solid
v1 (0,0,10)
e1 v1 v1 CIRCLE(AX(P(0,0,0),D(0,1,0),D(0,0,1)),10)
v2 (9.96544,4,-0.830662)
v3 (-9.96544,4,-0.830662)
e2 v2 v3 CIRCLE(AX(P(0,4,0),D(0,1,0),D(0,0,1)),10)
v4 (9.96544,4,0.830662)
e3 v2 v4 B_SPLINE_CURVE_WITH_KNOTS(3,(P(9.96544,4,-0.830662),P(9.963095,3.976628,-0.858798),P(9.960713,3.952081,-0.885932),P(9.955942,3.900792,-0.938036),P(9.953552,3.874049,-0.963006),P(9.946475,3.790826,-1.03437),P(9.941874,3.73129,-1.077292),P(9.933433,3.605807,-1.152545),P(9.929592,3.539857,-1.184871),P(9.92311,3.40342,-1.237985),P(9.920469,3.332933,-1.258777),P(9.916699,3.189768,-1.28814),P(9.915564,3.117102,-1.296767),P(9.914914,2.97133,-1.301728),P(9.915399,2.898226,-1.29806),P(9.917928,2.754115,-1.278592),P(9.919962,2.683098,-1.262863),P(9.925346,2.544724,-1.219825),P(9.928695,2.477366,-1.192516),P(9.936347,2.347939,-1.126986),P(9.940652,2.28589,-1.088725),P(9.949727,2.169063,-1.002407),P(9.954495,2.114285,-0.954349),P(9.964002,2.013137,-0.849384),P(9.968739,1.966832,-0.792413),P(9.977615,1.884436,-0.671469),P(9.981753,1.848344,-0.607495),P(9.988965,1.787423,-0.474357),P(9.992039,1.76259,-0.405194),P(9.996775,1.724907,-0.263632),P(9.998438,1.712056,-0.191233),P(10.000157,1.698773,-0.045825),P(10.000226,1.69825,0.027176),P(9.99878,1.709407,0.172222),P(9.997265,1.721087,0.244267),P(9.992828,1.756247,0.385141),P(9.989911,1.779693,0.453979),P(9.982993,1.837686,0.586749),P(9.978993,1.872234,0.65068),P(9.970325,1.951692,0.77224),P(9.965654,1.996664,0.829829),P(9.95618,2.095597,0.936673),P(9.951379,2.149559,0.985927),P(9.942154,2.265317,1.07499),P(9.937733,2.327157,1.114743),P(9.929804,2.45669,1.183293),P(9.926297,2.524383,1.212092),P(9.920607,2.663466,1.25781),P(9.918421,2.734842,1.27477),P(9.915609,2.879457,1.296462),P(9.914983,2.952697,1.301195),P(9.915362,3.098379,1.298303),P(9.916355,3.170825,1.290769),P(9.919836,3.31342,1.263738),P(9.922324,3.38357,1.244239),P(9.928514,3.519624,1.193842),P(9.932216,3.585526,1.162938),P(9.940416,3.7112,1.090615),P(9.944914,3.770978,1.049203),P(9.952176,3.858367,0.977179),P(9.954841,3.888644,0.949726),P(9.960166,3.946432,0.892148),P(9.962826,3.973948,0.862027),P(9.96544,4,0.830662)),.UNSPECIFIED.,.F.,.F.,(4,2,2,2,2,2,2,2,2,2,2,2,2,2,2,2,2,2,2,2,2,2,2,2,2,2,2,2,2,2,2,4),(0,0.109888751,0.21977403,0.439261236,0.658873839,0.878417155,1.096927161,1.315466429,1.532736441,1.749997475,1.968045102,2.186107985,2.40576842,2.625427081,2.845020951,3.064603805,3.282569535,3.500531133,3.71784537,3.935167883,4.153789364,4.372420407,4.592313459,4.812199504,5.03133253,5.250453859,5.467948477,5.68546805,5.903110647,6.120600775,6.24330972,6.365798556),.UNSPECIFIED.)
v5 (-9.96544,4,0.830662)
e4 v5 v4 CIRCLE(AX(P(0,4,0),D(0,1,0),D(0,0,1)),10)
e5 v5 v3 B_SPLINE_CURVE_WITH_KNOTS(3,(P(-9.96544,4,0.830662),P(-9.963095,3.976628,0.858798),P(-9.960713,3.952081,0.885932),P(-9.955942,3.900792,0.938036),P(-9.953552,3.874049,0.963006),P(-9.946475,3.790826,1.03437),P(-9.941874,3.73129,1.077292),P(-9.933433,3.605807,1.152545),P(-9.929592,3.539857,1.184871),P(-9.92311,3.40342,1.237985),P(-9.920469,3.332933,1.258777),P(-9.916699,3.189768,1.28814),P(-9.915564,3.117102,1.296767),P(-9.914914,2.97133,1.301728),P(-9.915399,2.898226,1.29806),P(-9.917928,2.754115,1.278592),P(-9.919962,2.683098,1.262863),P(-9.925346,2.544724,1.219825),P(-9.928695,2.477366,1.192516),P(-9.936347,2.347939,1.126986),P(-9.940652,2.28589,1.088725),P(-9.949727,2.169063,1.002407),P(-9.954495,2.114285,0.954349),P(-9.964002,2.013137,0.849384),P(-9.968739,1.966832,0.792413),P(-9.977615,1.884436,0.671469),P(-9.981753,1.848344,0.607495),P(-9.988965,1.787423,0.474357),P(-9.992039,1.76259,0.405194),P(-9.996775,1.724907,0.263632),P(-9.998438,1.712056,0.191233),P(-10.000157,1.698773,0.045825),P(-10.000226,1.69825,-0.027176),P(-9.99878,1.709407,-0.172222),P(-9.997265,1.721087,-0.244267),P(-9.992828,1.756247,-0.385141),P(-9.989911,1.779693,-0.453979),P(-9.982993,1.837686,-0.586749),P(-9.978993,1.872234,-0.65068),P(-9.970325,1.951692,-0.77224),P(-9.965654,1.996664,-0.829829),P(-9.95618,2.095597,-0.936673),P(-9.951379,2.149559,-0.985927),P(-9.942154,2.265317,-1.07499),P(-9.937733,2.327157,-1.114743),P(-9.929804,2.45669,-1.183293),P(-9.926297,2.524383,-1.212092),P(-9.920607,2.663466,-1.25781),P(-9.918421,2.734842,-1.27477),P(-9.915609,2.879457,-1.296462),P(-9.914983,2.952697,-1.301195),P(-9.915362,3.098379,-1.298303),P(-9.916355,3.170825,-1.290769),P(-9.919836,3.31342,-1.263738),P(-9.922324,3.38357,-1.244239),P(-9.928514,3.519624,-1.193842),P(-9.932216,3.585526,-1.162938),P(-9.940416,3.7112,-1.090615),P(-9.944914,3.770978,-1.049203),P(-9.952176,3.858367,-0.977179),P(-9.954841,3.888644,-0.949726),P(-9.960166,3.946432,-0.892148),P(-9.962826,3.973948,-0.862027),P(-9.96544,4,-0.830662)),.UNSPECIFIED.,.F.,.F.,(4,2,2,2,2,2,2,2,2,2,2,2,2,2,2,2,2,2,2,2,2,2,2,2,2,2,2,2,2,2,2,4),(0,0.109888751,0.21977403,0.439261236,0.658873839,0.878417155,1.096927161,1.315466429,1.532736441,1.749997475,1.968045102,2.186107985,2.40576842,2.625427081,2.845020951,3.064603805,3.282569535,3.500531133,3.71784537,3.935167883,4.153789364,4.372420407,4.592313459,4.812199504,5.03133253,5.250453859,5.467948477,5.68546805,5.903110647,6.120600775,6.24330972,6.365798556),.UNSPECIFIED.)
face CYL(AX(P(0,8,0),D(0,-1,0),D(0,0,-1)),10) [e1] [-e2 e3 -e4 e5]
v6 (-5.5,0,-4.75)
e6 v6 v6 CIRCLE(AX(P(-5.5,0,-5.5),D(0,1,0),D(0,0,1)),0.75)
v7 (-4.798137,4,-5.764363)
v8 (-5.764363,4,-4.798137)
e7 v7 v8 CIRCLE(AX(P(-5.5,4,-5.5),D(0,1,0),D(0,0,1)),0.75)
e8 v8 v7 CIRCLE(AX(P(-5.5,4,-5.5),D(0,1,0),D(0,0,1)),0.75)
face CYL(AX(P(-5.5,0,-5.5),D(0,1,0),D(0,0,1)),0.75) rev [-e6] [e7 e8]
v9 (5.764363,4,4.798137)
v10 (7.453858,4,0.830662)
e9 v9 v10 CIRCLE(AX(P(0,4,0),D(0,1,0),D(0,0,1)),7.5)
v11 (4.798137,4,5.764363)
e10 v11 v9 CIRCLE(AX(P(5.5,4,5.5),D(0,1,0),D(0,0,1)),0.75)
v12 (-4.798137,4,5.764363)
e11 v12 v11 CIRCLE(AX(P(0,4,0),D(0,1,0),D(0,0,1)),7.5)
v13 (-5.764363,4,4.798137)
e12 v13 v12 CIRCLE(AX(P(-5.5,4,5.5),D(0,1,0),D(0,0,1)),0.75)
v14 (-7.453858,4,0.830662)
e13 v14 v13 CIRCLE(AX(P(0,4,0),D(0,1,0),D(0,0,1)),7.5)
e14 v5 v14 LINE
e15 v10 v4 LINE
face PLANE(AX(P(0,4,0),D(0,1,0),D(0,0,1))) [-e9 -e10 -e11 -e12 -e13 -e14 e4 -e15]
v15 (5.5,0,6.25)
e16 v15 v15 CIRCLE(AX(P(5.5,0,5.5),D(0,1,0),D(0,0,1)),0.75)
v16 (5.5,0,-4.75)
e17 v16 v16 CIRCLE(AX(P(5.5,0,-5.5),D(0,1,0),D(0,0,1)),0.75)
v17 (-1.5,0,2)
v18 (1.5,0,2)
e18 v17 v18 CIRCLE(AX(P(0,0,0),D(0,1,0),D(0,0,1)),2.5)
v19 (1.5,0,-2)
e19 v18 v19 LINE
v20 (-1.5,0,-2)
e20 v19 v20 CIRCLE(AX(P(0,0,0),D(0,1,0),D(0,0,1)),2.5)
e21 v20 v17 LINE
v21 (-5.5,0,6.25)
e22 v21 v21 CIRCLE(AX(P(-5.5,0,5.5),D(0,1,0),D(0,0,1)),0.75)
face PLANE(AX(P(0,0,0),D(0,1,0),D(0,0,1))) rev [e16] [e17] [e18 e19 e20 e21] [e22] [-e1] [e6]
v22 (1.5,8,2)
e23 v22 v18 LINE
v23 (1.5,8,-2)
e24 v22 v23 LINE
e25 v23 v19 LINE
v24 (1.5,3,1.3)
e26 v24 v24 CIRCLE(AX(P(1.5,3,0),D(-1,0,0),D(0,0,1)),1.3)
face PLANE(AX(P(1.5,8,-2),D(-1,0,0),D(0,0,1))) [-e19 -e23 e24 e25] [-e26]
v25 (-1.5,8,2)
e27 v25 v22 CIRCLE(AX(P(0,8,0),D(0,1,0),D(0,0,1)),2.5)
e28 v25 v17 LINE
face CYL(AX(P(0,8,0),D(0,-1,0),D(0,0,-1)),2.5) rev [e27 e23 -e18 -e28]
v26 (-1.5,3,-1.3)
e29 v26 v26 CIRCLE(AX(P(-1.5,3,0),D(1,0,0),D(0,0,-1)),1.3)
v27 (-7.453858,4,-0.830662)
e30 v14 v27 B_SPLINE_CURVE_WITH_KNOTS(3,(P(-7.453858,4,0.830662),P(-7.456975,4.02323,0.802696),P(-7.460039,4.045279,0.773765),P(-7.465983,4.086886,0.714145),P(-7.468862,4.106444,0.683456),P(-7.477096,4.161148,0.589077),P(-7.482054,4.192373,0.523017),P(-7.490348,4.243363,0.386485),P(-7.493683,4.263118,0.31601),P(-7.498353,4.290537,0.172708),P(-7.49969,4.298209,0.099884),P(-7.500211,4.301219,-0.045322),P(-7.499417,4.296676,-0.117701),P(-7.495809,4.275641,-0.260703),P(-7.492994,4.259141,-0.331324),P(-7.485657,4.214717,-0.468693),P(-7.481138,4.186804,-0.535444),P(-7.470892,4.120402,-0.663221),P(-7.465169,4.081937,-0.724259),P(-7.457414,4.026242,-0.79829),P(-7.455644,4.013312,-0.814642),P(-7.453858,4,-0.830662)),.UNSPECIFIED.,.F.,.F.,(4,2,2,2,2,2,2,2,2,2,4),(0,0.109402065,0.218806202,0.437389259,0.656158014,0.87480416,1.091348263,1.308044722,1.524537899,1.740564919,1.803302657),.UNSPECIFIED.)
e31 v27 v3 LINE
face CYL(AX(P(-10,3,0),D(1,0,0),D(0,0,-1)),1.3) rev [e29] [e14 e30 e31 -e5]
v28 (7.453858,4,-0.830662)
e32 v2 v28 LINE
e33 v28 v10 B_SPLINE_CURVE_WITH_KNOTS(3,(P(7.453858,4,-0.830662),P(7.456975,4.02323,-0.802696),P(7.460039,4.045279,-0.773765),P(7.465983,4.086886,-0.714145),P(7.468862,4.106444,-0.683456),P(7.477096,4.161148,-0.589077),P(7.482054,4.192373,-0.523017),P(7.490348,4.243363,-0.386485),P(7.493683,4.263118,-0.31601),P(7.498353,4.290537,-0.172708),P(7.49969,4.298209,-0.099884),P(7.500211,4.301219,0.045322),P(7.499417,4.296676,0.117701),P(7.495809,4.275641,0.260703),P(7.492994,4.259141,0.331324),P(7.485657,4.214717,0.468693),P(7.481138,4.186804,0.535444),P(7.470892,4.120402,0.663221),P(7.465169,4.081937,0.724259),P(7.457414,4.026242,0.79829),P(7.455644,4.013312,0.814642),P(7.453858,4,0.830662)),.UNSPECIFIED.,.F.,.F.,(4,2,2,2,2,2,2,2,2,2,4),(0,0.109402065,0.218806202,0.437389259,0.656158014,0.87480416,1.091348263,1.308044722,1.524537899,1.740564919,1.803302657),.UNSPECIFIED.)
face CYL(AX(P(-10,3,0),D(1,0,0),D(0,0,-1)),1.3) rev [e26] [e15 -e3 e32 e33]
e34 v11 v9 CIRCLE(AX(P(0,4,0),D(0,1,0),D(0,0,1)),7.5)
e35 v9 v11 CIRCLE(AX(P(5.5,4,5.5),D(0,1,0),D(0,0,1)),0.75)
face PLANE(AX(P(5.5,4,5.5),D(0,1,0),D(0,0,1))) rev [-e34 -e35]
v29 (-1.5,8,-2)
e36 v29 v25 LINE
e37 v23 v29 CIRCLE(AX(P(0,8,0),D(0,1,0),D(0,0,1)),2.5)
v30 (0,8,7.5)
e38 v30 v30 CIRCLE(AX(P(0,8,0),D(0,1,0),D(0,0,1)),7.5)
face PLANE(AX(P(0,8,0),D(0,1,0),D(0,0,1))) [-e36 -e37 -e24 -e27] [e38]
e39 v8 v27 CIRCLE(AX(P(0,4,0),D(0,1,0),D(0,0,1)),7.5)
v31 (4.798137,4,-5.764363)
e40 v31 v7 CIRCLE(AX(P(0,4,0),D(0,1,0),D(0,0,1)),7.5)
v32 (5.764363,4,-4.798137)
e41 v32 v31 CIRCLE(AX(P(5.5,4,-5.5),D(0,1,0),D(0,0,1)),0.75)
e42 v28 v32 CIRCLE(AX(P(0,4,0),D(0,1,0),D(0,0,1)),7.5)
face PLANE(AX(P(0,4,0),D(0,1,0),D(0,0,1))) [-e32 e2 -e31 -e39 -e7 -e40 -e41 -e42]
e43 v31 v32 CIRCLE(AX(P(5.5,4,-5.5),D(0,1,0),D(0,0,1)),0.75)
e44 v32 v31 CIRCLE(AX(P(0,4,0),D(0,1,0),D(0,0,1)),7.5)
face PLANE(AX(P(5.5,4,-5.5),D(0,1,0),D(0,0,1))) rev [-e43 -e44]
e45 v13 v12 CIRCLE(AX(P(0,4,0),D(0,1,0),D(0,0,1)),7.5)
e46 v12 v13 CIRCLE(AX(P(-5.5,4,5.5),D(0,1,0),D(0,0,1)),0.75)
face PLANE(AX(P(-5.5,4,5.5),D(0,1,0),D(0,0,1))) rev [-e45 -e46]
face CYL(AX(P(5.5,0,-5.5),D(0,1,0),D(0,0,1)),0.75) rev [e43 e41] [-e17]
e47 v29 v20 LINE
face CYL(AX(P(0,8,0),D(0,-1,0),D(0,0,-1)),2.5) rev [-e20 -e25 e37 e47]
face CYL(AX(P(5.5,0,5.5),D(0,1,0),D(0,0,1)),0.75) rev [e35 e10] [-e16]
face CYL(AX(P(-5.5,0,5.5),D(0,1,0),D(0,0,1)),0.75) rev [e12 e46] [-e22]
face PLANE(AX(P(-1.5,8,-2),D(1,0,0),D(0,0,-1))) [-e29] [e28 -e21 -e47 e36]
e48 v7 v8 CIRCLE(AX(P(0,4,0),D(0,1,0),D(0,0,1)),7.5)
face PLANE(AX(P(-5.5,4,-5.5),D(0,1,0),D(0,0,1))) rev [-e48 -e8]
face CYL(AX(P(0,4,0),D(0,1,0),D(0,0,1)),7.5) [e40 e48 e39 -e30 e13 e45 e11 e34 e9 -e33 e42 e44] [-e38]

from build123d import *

# Parameters (mm, degrees)
SKETCH_1_R               = 10
EXTRUDE_1_DEPTH          = 8
CUT_EXTRUDE_START        = -4
SKETCH_2_R               = 10
SKETCH_2_R_2             = 7.5
CUT_EXTRUDE_1_DEPTH      = 4
CUT_EXTRUDE_2_DEPTH      = 18.211914478
CUT_EXTRUDE_2_DEPTH_BACK = 18.211914478
SKETCH_3_R               = 1.3
SKETCH_4_R               = 0.75
CUT_EXTRUDE_3_DEPTH      = 4


with BuildPart() as part:
    # 草图1 → 凸台-拉伸1 (new body)
    with BuildSketch(Plane(origin=(0, 0, 0), x_dir=(1, 0, 0), z_dir=(0, 1, 0))):
        with Locations(Location((0, 0, 0), (0, 0, 270))):
            Circle(SKETCH_1_R)
        with BuildLine():
            Line((-1.5, 2), (-1.5, -2))
            ThreePointArc((-1.5, -2), (0, -2.5), (1.5, -2))
            Line((1.5, -2), (1.5, 2))
            ThreePointArc((1.5, 2), (0, 2.5), (-1.5, 2))
        make_face(mode=Mode.SUBTRACT)
    extrude(amount=EXTRUDE_1_DEPTH)

    # 草图2 → 切除-拉伸1 (cut)
    with BuildSketch(Plane(origin=(0, 8, 0), x_dir=(1, 0, 0), z_dir=(0, 1, 0)).offset(CUT_EXTRUDE_START)):
        with Locations(Location((0, 0, 0), (0, 0, 270))):
            Circle(SKETCH_2_R)
        with Locations(Location((0, 0, 0), (0, 0, 270))):
            Circle(SKETCH_2_R_2, mode=Mode.SUBTRACT)
    extrude(amount=CUT_EXTRUDE_1_DEPTH, mode=Mode.SUBTRACT)

    # 草图3 → 切除-拉伸2 (cut, two sides: drawn at the far end of the back side and taken through both)
    with BuildSketch(Plane(origin=(-1.5, 0, 0), x_dir=(0, 0, -1), z_dir=(1, 0, 0)).offset(-CUT_EXTRUDE_2_DEPTH_BACK)):
        with Locations(Location((0, 3, 0), (0, 0, 309.715229307))):
            Circle(SKETCH_3_R)
    extrude(amount=CUT_EXTRUDE_2_DEPTH + CUT_EXTRUDE_2_DEPTH_BACK, mode=Mode.SUBTRACT)

    # 草图4 → 切除-拉伸3 (cut)
    with BuildSketch(Plane(origin=(0, 4, 0), x_dir=(1, 0, 0), z_dir=(0, 1, 0))):
        with Locations(Location((-5.5, 5.5, 0), (0, 0, 270))):
            Circle(SKETCH_4_R)
        with Locations(Location((5.5, 5.5, 0), (0, 0, 270))):
            Circle(SKETCH_4_R)
        with Locations(Location((-5.5, -5.5, 0), (0, 0, 270))):
            Circle(SKETCH_4_R)
        with Locations(Location((5.5, -5.5, 0), (0, 0, 270))):
            Circle(SKETCH_4_R)
    extrude(amount=-CUT_EXTRUDE_3_DEPTH, mode=Mode.SUBTRACT)


solid = part.part
